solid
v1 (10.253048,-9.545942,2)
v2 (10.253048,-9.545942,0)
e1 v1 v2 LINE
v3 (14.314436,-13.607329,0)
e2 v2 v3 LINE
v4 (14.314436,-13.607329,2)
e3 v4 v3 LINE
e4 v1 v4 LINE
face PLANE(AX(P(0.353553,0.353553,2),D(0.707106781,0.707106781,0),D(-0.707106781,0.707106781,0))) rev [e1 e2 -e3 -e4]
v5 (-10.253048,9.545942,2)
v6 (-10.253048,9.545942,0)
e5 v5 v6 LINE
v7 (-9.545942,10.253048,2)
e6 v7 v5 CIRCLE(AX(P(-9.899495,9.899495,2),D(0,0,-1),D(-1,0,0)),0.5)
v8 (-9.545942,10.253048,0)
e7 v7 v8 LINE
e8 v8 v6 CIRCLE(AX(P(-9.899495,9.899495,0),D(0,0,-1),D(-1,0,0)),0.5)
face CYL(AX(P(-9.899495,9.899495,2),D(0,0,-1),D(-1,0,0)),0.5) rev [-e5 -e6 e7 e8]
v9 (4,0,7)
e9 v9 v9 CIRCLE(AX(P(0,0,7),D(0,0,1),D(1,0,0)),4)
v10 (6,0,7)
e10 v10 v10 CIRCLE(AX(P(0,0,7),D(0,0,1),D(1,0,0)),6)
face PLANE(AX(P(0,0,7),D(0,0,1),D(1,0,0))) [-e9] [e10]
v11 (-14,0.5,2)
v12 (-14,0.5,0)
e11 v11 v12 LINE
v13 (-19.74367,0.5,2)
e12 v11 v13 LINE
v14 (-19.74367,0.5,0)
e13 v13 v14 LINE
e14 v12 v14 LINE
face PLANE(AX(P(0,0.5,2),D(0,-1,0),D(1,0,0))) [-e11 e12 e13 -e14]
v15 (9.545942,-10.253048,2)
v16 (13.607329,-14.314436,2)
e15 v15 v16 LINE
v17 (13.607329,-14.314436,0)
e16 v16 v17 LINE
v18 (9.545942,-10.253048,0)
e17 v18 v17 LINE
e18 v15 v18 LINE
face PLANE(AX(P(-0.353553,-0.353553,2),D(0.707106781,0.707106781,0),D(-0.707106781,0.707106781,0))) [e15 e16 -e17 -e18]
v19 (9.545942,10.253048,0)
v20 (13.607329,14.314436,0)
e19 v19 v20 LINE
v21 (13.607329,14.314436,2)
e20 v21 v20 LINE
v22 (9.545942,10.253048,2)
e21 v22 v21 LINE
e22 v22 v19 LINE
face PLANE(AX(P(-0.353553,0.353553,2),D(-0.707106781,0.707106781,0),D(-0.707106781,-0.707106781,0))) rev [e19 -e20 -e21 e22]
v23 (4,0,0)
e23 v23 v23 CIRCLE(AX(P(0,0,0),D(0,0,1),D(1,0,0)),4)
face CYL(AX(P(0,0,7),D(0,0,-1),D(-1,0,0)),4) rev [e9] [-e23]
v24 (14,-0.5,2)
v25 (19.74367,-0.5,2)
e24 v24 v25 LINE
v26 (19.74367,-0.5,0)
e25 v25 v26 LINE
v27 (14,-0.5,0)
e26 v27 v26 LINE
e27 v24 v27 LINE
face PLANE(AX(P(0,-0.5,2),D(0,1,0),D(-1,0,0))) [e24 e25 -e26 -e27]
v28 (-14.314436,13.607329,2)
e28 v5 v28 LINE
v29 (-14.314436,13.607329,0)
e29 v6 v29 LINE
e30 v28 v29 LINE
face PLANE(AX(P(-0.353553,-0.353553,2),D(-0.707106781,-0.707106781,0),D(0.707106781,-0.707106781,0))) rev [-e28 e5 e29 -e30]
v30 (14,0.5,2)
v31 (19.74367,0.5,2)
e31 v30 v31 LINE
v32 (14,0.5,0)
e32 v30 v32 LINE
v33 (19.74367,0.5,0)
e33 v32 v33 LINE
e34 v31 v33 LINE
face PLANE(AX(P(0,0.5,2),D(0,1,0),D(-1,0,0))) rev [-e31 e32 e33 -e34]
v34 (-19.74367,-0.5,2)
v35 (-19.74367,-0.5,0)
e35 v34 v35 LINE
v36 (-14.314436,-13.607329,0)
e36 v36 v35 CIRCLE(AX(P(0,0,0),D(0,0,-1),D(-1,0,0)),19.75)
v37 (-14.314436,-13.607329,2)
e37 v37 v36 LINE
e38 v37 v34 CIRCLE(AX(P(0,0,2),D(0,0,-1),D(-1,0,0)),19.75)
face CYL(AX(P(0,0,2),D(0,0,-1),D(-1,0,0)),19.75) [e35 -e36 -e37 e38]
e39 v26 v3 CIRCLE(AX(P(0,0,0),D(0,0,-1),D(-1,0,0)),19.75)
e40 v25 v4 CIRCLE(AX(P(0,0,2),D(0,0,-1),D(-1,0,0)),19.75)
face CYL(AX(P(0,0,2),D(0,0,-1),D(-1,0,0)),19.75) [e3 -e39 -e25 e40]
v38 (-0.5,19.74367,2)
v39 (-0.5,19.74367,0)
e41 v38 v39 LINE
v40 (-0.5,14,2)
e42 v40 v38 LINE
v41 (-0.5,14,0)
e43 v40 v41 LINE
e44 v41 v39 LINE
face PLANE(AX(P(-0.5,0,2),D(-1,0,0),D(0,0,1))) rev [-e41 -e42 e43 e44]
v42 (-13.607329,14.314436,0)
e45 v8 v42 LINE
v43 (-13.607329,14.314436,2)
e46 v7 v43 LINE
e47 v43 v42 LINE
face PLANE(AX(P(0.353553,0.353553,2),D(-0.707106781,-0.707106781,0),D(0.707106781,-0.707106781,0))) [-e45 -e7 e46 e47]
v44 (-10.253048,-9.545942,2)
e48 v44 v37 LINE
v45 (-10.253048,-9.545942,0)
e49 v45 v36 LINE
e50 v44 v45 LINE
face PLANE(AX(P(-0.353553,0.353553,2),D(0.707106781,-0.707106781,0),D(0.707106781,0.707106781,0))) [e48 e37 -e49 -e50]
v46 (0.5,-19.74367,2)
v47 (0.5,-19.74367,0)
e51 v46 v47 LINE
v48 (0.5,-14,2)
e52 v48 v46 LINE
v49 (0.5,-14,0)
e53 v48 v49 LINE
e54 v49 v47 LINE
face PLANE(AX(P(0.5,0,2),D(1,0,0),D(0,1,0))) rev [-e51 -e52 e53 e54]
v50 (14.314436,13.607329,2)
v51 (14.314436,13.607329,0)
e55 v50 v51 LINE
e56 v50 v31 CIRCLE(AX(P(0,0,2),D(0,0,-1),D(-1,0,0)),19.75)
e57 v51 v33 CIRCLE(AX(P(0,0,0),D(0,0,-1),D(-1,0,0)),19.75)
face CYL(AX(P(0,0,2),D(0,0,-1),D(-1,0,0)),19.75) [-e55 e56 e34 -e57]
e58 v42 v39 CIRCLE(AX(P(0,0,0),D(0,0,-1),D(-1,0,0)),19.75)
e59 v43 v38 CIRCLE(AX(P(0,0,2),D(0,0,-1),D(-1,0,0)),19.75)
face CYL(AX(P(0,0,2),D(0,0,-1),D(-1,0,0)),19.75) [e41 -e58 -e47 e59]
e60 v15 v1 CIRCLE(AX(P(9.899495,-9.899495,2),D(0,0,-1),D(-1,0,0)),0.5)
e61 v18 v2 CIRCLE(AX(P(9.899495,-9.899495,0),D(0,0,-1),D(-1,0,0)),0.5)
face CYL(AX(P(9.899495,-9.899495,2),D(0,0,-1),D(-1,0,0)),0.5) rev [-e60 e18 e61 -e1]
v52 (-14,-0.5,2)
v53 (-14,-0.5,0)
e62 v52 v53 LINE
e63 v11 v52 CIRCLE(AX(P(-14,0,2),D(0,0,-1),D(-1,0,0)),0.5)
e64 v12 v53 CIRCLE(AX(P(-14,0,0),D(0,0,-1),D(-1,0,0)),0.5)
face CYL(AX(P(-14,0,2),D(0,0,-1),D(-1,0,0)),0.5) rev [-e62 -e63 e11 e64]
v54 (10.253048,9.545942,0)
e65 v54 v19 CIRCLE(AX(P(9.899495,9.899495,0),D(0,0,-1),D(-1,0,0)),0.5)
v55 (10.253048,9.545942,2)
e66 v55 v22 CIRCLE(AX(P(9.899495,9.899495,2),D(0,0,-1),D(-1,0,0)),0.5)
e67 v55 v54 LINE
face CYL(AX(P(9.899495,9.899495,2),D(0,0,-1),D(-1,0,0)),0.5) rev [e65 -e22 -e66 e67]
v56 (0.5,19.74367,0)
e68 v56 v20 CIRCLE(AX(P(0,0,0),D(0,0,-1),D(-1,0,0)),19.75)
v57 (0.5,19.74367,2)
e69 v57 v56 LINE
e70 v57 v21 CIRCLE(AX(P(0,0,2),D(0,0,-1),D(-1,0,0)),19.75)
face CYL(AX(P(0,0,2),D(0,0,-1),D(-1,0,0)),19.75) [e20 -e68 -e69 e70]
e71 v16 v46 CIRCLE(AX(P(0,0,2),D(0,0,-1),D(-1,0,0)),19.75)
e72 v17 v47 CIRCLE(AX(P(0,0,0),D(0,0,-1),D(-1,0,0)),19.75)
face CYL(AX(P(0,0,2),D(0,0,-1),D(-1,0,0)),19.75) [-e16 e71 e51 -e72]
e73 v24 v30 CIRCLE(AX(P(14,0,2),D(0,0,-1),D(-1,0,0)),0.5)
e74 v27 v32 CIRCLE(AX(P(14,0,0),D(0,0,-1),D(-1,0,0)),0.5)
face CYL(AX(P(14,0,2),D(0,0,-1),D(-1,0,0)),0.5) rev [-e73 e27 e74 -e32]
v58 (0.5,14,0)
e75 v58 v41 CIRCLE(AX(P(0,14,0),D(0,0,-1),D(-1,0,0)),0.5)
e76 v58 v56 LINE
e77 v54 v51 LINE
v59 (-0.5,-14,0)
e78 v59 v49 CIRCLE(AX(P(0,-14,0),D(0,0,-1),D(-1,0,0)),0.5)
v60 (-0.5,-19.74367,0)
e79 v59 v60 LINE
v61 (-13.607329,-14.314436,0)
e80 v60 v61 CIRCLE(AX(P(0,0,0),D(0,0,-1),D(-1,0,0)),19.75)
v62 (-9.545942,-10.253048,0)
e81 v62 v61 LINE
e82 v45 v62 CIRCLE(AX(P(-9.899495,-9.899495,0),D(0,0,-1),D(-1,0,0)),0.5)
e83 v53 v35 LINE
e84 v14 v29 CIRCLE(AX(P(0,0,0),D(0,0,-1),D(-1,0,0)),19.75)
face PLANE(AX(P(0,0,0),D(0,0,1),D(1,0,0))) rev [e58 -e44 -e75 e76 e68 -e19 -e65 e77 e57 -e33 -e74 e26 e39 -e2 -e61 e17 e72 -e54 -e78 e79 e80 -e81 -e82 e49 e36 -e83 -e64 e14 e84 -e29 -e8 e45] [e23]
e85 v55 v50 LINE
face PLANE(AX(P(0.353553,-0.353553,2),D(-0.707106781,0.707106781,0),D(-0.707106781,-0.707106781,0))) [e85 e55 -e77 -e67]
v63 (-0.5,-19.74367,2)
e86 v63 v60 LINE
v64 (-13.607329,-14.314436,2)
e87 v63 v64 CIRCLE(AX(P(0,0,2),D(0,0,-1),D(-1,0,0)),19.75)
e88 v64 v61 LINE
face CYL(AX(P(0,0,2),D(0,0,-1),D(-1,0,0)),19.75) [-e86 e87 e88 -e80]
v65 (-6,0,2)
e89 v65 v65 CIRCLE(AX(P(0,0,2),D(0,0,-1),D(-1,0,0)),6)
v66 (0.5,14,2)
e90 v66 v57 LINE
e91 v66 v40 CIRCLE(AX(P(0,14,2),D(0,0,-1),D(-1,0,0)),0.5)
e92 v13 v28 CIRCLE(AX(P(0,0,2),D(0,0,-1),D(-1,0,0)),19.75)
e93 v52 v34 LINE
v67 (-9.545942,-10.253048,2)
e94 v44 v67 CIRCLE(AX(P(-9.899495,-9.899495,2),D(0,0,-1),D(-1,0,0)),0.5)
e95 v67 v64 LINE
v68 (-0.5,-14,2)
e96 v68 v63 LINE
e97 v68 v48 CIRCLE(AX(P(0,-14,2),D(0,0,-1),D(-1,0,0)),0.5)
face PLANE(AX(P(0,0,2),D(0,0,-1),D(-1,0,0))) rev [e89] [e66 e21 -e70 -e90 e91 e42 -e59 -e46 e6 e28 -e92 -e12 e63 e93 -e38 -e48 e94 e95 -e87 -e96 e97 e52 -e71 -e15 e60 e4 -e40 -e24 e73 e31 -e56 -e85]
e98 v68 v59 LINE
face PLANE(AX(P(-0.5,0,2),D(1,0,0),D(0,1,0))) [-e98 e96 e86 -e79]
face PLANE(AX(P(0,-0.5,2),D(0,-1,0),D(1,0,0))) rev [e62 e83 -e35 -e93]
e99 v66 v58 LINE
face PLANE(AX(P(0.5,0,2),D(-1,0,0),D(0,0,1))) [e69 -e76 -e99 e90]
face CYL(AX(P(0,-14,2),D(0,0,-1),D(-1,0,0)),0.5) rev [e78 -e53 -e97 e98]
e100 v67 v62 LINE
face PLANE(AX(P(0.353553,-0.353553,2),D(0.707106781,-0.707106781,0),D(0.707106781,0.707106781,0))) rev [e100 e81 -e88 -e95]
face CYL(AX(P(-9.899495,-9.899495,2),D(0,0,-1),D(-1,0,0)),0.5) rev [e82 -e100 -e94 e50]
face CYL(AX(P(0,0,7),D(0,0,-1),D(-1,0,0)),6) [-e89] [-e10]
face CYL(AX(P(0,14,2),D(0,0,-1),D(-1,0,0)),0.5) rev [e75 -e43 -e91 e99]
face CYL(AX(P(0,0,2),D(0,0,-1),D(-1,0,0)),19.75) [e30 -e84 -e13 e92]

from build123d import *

# Parameters (mm, degrees)
SKETCH1_R           = 6
SKETCH1_R_2         = 4
BOSS_EXTRUDE1_DEPTH = 7
SKETCH2_R           = 6
BOSS_EXTRUDE2_DEPTH = 2


with BuildPart() as part:
    # Sketch1 → Boss-Extrude1 (new body)
    with BuildSketch(Plane.XY):
        Circle(SKETCH1_R)
        Circle(SKETCH1_R_2, mode=Mode.SUBTRACT)
    extrude(amount=BOSS_EXTRUDE1_DEPTH)

    # Sketch2 → Boss-Extrude2 (add)
    with BuildSketch(Plane(origin=(0, 0, 0), x_dir=(-1, 0, 0), z_dir=(0, 0, -1))):
        with BuildLine():
            ThreePointArc((0.5, 14), (0, 13.5), (-0.5, 14))
            Line((-0.5, 14), (-0.5, 19.743669872))
            ThreePointArc((-0.5, 19.743669872), (-7.557997789, 18.246620767), (-13.607329461, 14.314436242))
            Line((-13.607329461, 14.314436242), (-9.545941546, 10.253048327))
            ThreePointArc((-9.545941546, 10.253048327), (-9.43755517, 10.090836653), (-9.399494937, 9.899494937))
            ThreePointArc((-9.399494937, 9.899494937), (-9.70815322, 9.43755517), (-10.253048327, 9.545941546))
            Line((-10.253048327, 9.545941546), (-14.314436242, 13.607329461))
            ThreePointArc((-14.314436242, 13.607329461), (-18.246620767, 7.557997789), (-19.743669872, 0.5))
            Line((-19.743669872, 0.5), (-14, 0.5))
            ThreePointArc((-14, 0.5), (-13.646446609, 0.353553391), (-13.5, 0))
            ThreePointArc((-13.5, 0), (-13.646446609, -0.353553391), (-14, -0.5))
            Line((-14, -0.5), (-19.743669872, -0.5))
            ThreePointArc((-19.743669872, -0.5), (-18.246620767, -7.557997789), (-14.314436242, -13.607329461))
            Line((-14.314436242, -13.607329461), (-10.253048327, -9.545941546))
            ThreePointArc((-10.253048327, -9.545941546), (-9.70815322, -9.43755517), (-9.399494937, -9.899494937))
            ThreePointArc((-9.399494937, -9.899494937), (-9.43755517, -10.090836653), (-9.545941546, -10.253048327))
            Line((-9.545941546, -10.253048327), (-13.607329461, -14.314436242))
            ThreePointArc((-13.607329461, -14.314436242), (-7.557997789, -18.246620767), (-0.5, -19.743669872))
            Line((-0.5, -19.743669872), (-0.5, -14))
            ThreePointArc((-0.5, -14), (0, -13.5), (0.5, -14))
            Line((0.5, -14), (0.5, -19.743669872))
            ThreePointArc((0.5, -19.743669872), (7.557997789, -18.246620767), (13.607329461, -14.314436242))
            Line((13.607329461, -14.314436242), (9.545941546, -10.253048327))
            ThreePointArc((9.545941546, -10.253048327), (9.545941546, -9.545941546), (10.253048327, -9.545941546))
            Line((10.253048327, -9.545941546), (14.314436242, -13.607329461))
            ThreePointArc((14.314436242, -13.607329461), (18.246620767, -7.557997789), (19.743669872, -0.5))
            Line((19.743669872, -0.5), (14, -0.5))
            ThreePointArc((14, -0.5), (13.5, 0), (14, 0.5))
            Line((14, 0.5), (19.743669872, 0.5))
            ThreePointArc((19.743669872, 0.5), (18.246620767, 7.557997789), (14.314436242, 13.607329461))
            Line((14.314436242, 13.607329461), (10.253048327, 9.545941546))
            ThreePointArc((10.253048327, 9.545941546), (9.545941546, 9.545941546), (9.545941546, 10.253048327))
            Line((9.545941546, 10.253048327), (13.607329461, 14.314436242))
            ThreePointArc((13.607329461, 14.314436242), (7.557997789, 18.246620767), (0.5, 19.743669872))
            Line((0.5, 19.743669872), (0.5, 14))
        make_face()
        Circle(SKETCH2_R, mode=Mode.SUBTRACT)
    extrude(amount=-BOSS_EXTRUDE2_DEPTH)


solid = part.part
